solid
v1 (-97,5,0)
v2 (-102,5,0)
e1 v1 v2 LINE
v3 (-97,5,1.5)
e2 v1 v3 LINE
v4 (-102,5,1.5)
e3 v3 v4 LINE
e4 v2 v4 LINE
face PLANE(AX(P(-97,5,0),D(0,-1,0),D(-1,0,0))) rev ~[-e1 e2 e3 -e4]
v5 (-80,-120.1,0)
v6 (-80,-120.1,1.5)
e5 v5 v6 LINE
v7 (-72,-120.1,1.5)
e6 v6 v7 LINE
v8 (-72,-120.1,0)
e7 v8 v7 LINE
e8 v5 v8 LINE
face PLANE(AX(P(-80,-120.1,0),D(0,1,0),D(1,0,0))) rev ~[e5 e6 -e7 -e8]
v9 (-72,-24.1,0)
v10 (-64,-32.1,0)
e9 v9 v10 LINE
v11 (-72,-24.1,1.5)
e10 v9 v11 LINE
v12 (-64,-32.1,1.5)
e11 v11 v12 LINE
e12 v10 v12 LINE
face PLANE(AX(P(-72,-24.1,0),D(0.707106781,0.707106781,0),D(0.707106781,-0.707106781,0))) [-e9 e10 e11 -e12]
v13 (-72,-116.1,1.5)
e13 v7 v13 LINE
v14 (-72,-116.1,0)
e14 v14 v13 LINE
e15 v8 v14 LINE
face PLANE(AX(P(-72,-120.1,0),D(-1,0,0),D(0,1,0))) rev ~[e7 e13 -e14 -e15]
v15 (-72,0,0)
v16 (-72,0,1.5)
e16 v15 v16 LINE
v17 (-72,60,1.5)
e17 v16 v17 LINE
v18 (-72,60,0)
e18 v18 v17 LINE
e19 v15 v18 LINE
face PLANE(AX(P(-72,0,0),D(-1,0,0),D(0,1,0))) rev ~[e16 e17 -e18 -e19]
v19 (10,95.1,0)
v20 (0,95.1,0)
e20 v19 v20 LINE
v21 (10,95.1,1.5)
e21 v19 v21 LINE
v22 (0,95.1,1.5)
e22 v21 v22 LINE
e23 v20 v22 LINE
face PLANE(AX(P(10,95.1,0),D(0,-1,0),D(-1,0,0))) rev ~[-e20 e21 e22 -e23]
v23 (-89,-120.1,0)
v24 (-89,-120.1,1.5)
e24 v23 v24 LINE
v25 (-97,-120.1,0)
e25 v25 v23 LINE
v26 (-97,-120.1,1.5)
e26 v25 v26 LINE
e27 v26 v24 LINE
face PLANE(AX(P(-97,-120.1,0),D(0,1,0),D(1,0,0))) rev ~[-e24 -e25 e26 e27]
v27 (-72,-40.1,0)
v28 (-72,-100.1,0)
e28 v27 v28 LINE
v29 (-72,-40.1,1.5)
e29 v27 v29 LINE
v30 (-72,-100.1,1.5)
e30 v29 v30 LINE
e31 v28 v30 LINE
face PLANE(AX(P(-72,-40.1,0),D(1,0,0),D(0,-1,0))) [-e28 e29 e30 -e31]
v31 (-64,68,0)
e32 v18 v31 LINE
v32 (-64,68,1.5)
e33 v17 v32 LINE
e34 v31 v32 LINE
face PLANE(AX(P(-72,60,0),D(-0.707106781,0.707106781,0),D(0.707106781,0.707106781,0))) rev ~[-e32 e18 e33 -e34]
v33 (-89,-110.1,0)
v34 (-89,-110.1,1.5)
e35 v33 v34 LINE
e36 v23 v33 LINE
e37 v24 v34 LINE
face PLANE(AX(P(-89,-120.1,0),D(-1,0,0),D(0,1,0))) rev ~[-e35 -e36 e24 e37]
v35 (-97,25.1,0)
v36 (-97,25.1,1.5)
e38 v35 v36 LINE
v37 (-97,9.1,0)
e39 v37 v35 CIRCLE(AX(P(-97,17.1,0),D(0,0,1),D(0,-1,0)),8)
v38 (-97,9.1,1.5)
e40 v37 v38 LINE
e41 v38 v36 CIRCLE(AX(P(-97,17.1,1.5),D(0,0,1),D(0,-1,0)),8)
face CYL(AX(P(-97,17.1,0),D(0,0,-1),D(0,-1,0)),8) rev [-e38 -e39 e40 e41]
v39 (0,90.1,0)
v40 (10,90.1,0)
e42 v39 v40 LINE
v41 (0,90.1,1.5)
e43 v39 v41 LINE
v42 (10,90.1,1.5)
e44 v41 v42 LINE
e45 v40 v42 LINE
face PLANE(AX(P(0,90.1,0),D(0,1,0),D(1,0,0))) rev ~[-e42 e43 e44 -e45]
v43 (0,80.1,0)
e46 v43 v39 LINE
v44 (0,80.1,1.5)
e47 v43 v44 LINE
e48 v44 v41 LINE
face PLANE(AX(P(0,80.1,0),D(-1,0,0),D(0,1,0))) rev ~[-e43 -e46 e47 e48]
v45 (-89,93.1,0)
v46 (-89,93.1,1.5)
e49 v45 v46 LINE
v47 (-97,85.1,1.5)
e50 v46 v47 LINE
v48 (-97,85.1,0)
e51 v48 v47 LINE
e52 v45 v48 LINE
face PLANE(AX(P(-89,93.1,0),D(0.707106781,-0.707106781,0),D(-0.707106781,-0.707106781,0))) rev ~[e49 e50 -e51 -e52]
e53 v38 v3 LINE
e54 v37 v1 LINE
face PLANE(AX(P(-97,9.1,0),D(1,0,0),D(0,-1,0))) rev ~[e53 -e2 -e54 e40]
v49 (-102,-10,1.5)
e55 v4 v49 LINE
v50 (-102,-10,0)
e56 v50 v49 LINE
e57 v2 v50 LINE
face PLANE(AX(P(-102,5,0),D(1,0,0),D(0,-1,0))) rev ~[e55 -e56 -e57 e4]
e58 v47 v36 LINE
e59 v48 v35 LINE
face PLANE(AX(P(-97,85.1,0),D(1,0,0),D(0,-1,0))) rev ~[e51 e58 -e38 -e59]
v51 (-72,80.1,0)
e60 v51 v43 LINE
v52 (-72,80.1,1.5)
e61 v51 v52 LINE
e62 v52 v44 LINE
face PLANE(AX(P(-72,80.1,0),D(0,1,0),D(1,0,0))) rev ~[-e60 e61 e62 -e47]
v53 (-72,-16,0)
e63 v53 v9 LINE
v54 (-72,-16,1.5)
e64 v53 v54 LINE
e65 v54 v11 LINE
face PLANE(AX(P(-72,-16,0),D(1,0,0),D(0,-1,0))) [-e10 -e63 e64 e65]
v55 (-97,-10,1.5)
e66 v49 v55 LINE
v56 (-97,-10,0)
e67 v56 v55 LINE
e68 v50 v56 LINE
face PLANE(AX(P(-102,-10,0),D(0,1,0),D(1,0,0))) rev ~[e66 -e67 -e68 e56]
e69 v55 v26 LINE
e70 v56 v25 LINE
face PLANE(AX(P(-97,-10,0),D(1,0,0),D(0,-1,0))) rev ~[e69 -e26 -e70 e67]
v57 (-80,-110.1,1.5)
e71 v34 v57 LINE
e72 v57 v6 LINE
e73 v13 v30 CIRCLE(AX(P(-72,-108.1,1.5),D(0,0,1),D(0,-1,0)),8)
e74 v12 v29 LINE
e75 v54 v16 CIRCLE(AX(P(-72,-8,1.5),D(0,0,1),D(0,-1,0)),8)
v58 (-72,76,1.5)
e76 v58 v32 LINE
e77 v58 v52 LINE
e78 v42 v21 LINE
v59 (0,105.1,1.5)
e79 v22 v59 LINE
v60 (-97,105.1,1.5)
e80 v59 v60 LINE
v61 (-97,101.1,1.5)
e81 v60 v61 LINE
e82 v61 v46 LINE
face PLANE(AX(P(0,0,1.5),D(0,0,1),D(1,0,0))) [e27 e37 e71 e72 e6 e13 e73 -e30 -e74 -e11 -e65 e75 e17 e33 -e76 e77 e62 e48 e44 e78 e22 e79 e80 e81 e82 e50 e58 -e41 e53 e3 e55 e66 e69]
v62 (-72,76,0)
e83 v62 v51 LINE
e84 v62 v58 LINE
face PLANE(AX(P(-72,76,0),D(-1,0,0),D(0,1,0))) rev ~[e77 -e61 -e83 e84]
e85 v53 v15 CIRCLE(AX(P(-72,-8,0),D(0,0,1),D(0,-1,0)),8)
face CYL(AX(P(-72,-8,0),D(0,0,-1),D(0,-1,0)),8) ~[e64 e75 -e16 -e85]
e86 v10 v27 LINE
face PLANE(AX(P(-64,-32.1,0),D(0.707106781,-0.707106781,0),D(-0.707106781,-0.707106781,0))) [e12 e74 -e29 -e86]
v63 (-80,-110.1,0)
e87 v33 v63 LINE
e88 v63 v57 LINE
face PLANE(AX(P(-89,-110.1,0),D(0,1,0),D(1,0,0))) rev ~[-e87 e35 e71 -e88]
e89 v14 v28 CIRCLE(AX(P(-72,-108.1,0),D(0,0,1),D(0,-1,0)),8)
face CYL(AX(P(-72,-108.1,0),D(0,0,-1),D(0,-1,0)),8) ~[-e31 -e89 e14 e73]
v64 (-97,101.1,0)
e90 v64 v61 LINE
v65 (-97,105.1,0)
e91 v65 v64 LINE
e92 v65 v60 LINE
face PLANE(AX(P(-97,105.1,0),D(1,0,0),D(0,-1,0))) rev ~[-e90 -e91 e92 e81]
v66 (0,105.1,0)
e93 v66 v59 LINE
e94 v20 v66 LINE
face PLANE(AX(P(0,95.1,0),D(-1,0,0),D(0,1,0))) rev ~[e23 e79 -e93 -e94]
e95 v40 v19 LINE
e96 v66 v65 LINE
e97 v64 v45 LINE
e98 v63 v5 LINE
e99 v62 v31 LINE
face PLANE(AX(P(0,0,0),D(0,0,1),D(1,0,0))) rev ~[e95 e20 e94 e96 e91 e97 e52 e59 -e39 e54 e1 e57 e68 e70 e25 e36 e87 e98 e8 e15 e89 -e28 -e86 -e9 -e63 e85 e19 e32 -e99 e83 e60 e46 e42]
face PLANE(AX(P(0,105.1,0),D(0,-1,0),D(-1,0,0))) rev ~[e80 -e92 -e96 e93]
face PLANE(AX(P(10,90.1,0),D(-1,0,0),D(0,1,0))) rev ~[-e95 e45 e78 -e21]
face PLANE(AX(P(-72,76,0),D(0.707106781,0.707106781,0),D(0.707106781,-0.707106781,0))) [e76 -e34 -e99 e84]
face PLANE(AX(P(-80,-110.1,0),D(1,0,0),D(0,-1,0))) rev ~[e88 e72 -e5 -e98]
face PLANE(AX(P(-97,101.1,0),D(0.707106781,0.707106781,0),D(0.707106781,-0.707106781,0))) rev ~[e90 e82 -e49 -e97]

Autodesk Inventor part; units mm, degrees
ref_plane "YZ Plane" through (0, 0, 0) normal (1, 0, 0) x (0, 1, 0)
ref_plane "XZ Plane" through (0, 0, 0) normal (0, 1, 0) x (-1, 0, 0)
ref_plane "XY Plane" through (0, 0, 0) normal (0, 0, 1) x (1, 0, 0)
sketch "Sketch1" plane through (0, 0, 0) normal (0, 0, 1) x (1, 0, 0)
  circle A0 centre (-72, 68) radius 8 construction
  line L0 (-72, 76) -> (-64, 68)
  line L1 (-72, 60) -> (-64, 68)
  line L2 (-72, 0) -> (-72, 60)
  line L3 (-72, 76) -> (-72, 80.1)
  line L4 (32, 0) -> (-122.6253, 0) construction
  line L5 (-72, 80.1) -> (0, 80.1)
  line L6 (-72, 0) -> (-72, -8) construction
  arc A1 (-72, -16) -> (-72, 0) centre (-72, -8) ccw
  line L7 (-72, -16) -> (-72, -24.1)
  line L8 (0, 80.1) -> (0, 90.1)
  line L9 (0, 90.1) -> (10, 90.1)
  line L10 (10, 90.1) -> (10, 95.1)
  line L11 (10, 95.1) -> (0, 95.1)
  line L12 (0, 95.1) -> (0, 105.1)
  line L13 (0, 105.1) -> (-97, 105.1)
  line L14 (-72, -120.1) -> (-72, -116.1)
  line L15 (-72, -24.1) -> (-72, -32.1) construction
  arc A2 (-72, -116.1) -> (-72, -100.1) centre (-72, -108.1) ccw
  line L16 (-72, -40.1) -> (-72, -100.1)
  line L17 (-72, -24.1) -> (-64, -32.1)
  line L18 (-64, -32.1) -> (-72, -40.1)
  line L19 (-97, -120.1) -> (-89, -120.1)
  line L20 (-89, -120.1) -> (-89, -110.1)
  line L21 (-89, -110.1) -> (-80, -110.1)
  line L22 (-80, -110.1) -> (-80, -120.1)
  line L23 (-97, -120.1) -> (-89, -120.1)
  line L24 (-80, -120.1) -> (-72, -120.1)
  circle A3 centre (-72, -32.1) radius 8 construction
  line L25 (-64, 68) -> (-64, -32.1) construction
  line L26 (-97, 101.1) -> (-89, 93.1)
  line L27 (-89, 93.1) -> (-97, 85.1)
  arc A4 (-97, 9.1) -> (-97, 25.1) centre (-97, 17.1) ccw
  line L28 (-97, 5) -> (-102, 5)
  line L29 (-102, 5) -> (-102, -10)
  line L30 (-102, -10) -> (-97, -10)
  line L31 (-97, 105.1) -> (-97, 101.1)
  line L32 (-97, 85.1) -> (-97, 25.1)
  line L33 (-97, 9.1) -> (-97, 5)
  line L34 (-97, -10) -> (-97, -120.1)
  circle A5 centre (-97, 93.1) radius 8 construction
  point P0 (0, 0)
  dimension "d5" = 16
  dimension "d132" = 8
  dimension "d162" = 10
  dimension "d163" = 10
  dimension "d164" = 5
  dimension "d165" = 10
  dimension "d166" = 97
  dimension "d168" = 25
  dimension "d171" = 4.1
  dimension "d177" = 8
  dimension "d178" = 10
  dimension "d179" = 9
  dimension "d182" = 76
  dimension "d183" = 72
  dimension "d184" = 80.1
  dimension "d185" = 24.1
  dimension "d186" = 76
  dimension "d187" = 8
  dimension "d188" = 25
  dimension "d189" = 76
  dimension "d190" = 4
  dimension "d191" = 15
  dimension "d192" = 5
extrude "Extrusion10" add sketch "Sketch1" along normal blind 1.5
properties part number "MS_FO_v3"
